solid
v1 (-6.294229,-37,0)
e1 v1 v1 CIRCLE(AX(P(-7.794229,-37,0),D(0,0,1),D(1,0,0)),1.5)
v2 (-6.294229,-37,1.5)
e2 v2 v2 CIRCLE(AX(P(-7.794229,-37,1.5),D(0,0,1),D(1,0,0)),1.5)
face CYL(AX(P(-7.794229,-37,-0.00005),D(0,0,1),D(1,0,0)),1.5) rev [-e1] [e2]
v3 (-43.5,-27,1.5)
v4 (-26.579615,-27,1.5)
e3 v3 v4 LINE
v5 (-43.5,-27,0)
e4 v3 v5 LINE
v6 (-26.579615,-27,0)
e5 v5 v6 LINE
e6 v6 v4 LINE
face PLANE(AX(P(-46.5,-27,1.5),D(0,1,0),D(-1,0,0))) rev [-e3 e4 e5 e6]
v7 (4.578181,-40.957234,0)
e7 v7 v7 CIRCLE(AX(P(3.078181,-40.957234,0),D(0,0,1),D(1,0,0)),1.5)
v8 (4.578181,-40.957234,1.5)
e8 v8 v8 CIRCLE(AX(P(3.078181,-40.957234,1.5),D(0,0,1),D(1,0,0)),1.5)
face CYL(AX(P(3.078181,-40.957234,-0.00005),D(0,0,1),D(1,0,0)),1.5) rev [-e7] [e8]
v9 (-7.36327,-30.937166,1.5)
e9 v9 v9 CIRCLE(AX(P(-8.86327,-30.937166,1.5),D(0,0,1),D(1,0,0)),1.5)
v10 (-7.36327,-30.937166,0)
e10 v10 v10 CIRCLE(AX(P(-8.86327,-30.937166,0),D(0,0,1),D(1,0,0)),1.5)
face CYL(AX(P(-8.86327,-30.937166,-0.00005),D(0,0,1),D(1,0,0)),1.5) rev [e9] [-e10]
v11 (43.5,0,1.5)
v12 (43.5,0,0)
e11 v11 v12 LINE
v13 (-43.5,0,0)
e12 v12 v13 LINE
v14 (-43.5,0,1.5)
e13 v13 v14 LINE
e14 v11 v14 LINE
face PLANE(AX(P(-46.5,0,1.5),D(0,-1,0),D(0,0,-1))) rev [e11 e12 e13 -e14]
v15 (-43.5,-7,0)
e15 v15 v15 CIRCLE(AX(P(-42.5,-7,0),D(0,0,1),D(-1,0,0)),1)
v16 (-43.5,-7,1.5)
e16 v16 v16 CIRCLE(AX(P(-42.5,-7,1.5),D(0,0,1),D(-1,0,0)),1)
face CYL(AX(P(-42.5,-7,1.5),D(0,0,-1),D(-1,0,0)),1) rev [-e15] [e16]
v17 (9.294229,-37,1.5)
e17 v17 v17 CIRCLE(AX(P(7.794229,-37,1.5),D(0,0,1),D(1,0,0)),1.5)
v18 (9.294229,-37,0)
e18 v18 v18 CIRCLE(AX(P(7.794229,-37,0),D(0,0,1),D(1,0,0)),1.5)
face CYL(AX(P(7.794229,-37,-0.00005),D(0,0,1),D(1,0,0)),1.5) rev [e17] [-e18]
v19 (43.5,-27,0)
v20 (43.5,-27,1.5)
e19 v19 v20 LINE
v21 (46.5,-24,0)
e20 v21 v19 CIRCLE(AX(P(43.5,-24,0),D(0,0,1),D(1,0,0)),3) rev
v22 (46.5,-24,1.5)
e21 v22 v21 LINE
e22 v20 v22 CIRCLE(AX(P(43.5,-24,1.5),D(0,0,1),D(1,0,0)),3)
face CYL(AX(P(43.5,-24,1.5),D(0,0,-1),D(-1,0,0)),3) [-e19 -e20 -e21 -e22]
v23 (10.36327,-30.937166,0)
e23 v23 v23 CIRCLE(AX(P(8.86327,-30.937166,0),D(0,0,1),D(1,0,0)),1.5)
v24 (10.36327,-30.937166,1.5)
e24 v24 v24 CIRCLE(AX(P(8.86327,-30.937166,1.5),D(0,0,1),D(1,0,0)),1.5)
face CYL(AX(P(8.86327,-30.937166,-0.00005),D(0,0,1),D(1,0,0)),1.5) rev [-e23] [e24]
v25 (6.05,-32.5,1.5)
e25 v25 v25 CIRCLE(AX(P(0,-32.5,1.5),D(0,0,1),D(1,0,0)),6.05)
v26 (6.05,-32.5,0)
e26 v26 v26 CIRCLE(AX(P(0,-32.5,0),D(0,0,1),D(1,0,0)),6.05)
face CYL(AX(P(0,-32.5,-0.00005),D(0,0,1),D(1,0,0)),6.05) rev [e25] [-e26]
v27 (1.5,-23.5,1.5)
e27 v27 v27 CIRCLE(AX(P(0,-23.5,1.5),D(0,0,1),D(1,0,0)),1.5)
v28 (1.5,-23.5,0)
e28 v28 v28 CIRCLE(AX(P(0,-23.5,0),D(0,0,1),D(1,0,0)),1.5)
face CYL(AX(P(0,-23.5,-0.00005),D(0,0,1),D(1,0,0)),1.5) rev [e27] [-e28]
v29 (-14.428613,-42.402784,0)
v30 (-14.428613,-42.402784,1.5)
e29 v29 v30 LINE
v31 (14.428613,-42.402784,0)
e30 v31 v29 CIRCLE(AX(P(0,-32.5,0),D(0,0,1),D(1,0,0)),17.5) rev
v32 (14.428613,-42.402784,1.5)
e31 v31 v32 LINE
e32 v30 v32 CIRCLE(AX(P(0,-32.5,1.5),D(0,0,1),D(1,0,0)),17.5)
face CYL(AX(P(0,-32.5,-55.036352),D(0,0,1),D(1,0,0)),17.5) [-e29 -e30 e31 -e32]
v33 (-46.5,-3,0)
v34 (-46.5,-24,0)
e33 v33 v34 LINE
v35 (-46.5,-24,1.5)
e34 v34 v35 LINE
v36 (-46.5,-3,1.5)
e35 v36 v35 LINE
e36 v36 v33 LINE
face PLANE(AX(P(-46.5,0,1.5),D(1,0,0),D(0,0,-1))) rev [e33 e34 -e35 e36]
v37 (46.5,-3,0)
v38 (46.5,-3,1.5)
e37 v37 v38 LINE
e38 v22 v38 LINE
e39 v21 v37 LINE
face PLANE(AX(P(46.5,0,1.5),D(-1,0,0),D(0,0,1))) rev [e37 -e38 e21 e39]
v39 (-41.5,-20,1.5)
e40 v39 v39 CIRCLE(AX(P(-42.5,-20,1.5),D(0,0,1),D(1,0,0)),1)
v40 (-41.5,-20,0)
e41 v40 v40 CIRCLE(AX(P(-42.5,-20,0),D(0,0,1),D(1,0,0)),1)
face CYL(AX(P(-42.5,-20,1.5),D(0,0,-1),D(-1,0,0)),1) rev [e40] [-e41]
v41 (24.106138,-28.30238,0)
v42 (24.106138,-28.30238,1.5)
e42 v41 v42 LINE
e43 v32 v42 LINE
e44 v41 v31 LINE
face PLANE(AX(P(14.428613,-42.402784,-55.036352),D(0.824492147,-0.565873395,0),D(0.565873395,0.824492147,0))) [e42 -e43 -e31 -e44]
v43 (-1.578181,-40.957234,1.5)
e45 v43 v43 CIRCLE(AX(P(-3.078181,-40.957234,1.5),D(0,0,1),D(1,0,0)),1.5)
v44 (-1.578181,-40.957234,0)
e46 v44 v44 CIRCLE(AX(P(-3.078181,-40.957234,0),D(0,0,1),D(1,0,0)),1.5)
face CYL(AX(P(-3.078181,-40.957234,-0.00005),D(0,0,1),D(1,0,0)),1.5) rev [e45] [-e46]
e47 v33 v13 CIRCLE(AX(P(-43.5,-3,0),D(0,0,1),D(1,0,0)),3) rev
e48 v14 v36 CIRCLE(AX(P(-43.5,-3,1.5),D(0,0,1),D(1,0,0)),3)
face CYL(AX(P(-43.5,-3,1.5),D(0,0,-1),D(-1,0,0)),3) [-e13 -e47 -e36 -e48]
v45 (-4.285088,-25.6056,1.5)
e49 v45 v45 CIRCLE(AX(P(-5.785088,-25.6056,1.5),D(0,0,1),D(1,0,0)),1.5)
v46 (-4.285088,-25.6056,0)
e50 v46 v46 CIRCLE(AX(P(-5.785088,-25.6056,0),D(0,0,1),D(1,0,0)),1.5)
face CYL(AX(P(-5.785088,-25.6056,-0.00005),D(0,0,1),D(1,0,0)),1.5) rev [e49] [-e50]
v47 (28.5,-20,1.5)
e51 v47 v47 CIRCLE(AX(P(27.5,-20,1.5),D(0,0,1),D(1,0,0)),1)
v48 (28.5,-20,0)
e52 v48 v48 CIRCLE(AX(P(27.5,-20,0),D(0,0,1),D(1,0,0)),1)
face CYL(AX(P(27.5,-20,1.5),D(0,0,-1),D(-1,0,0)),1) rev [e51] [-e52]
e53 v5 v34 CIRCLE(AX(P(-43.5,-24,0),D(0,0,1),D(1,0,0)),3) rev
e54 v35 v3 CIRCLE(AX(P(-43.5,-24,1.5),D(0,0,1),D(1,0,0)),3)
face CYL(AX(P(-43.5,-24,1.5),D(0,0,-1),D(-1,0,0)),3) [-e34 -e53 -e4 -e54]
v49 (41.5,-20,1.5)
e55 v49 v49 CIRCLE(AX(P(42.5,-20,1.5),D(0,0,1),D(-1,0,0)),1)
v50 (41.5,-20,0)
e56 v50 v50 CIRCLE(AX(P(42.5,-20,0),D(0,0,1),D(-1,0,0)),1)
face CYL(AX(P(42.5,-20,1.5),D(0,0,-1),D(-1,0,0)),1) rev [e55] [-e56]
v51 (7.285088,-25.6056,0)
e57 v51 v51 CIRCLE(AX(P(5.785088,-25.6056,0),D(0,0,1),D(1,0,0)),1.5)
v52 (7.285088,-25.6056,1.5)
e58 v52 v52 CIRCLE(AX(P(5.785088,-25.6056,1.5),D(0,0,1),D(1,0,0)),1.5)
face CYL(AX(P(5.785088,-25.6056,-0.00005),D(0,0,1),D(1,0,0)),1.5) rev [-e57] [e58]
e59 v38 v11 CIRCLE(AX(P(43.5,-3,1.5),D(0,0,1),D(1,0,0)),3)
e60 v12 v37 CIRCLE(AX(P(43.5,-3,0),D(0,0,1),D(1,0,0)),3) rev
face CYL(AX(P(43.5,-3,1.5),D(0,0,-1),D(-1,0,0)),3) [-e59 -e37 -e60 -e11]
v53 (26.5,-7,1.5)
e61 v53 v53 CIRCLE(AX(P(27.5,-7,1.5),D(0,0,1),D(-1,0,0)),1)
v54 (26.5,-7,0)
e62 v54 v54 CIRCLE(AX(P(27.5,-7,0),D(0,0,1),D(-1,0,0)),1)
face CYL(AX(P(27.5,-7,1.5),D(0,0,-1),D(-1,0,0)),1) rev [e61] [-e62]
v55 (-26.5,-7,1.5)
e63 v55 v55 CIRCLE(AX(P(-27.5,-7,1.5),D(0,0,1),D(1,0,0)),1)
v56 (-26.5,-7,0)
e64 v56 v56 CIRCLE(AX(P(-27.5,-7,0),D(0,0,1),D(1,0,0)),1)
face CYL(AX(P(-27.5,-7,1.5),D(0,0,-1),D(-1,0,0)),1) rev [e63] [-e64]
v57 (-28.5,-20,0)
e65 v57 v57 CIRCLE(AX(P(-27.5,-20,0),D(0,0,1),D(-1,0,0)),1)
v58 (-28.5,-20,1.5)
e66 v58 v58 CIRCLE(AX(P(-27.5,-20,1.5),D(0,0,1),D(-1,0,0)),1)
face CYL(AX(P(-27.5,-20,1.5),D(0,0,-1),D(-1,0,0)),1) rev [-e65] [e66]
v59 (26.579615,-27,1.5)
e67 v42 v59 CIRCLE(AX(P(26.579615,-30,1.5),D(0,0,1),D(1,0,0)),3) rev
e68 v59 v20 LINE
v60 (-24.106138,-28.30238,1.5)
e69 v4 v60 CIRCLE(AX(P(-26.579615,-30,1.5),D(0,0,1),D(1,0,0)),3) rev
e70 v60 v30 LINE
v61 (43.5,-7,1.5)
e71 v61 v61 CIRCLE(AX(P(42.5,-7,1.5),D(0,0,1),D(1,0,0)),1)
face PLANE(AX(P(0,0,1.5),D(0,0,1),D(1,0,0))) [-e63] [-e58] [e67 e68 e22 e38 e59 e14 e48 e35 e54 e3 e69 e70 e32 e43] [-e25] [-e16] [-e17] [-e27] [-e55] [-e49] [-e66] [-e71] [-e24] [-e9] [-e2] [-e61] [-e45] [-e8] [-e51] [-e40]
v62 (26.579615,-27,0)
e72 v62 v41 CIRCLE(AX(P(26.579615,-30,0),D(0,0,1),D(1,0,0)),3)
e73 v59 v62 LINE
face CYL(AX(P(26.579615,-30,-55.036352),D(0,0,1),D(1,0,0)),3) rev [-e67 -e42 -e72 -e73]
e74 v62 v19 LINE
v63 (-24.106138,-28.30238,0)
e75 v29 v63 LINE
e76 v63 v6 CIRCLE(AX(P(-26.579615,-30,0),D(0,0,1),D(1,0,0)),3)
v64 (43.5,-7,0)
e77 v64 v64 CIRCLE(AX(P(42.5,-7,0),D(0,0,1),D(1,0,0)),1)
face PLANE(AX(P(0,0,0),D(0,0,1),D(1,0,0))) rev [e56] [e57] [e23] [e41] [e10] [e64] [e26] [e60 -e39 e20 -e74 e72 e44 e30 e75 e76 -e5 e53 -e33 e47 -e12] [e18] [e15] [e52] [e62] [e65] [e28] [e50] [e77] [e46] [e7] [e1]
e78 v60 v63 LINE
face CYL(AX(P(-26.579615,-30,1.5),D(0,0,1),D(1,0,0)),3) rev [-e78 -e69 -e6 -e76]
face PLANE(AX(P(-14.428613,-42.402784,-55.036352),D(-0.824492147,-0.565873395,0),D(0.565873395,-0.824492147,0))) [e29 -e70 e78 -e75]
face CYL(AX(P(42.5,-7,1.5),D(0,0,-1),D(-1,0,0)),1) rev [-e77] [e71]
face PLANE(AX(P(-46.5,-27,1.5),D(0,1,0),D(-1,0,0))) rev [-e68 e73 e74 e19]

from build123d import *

# Parameters (mm, degrees)
ESQUISSE1_W             = 93
ESQUISSE1_H             = 27
ESQUISSE1_R             = 1
BOSS_EXTRU_1_DEPTH      = 1.5
BOSS_EXTRU_2_DEPTH      = 1.5
ESQUISSE3_R             = 6.05
ESQUISSE3_R_2           = 1.5
ENL_V_MAT_EXTRU_1_DEPTH = 69.297144889
CONG_2_R                = 3


with BuildPart() as part:
    # Esquisse1 → Boss.-Extru.1 (new body)
    with BuildSketch(Plane.XY):
        with Locations((0, -13.5)):
            Rectangle(ESQUISSE1_W, ESQUISSE1_H)
        with Locations((42.5, -7)):
            Circle(ESQUISSE1_R, mode=Mode.SUBTRACT)
        with Locations(Location((27.5, -7, 0), (0, 0, 180))):
            Circle(ESQUISSE1_R, mode=Mode.SUBTRACT)
        with Locations(Location((42.5, -20, 0), (0, 0, 180))):
            Circle(ESQUISSE1_R, mode=Mode.SUBTRACT)
        with Locations((27.5, -20)):
            Circle(ESQUISSE1_R, mode=Mode.SUBTRACT)
        with Locations(Location((-42.5, -7, 0), (0, 0, 180))):
            Circle(ESQUISSE1_R, mode=Mode.SUBTRACT)
        with Locations((-42.5, -20)):
            Circle(ESQUISSE1_R, mode=Mode.SUBTRACT)
        with Locations(Location((-27.5, -20, 0), (0, 0, 180))):
            Circle(ESQUISSE1_R, mode=Mode.SUBTRACT)
        with Locations((-27.5, -7)):
            Circle(ESQUISSE1_R, mode=Mode.SUBTRACT)
    extrude(amount=BOSS_EXTRU_1_DEPTH)

    # Esquisse2 → Boss.-Extru.2 (add)
    with BuildSketch(Plane.XY.offset(1.5)):
        with BuildLine():
            Line((-14.428612572, -42.402784419), (-25, -27))
            Line((-25, -27), (25, -27))
            Line((25, -27), (14.428612572, -42.402784419))
            ThreePointArc((14.428612572, -42.402784419), (0, -50), (-14.428612572, -42.402784419))
        make_face()
    extrude(amount=-BOSS_EXTRU_2_DEPTH)

    # Esquisse3 → Enlèv. mat.-Extru.1 (cut, through all)
    with BuildSketch(Plane.XY.offset(1.5)):
        with Locations((0, -32.5)):
            Circle(ESQUISSE3_R)
        with Locations((0, -23.5)):
            Circle(ESQUISSE3_R_2)
        with Locations((5.785088487, -25.605600012)):
            Circle(ESQUISSE3_R_2)
        with Locations((8.863269777, -30.937166401)):
            Circle(ESQUISSE3_R_2)
        with Locations((7.794228634, -37)):
            Circle(ESQUISSE3_R_2)
        with Locations((3.07818129, -40.957233587)):
            Circle(ESQUISSE3_R_2)
        with Locations((-3.07818129, -40.957233587)):
            Circle(ESQUISSE3_R_2)
        with Locations((-7.794228634, -37)):
            Circle(ESQUISSE3_R_2)
        with Locations((-8.863269777, -30.937166401)):
            Circle(ESQUISSE3_R_2)
        with Locations((-5.785088487, -25.605600012)):
            Circle(ESQUISSE3_R_2)
    extrude(amount=-ENL_V_MAT_EXTRU_1_DEPTH, mode=Mode.SUBTRACT)

    # Congé2
    cong_2_edges = [part.edges().sort_by_distance(p)[0] for p in [
        (46.5, 0, 0.75),
        (46.5, -27, 0.75),
        (-46.5, -27, 0.75),
        (-46.5, 0, 0.75),
        (25, -27, 0.75),
        (-25, -27, 0.75),
    ]]
    fillet(cong_2_edges, radius=CONG_2_R)


solid = part.part
